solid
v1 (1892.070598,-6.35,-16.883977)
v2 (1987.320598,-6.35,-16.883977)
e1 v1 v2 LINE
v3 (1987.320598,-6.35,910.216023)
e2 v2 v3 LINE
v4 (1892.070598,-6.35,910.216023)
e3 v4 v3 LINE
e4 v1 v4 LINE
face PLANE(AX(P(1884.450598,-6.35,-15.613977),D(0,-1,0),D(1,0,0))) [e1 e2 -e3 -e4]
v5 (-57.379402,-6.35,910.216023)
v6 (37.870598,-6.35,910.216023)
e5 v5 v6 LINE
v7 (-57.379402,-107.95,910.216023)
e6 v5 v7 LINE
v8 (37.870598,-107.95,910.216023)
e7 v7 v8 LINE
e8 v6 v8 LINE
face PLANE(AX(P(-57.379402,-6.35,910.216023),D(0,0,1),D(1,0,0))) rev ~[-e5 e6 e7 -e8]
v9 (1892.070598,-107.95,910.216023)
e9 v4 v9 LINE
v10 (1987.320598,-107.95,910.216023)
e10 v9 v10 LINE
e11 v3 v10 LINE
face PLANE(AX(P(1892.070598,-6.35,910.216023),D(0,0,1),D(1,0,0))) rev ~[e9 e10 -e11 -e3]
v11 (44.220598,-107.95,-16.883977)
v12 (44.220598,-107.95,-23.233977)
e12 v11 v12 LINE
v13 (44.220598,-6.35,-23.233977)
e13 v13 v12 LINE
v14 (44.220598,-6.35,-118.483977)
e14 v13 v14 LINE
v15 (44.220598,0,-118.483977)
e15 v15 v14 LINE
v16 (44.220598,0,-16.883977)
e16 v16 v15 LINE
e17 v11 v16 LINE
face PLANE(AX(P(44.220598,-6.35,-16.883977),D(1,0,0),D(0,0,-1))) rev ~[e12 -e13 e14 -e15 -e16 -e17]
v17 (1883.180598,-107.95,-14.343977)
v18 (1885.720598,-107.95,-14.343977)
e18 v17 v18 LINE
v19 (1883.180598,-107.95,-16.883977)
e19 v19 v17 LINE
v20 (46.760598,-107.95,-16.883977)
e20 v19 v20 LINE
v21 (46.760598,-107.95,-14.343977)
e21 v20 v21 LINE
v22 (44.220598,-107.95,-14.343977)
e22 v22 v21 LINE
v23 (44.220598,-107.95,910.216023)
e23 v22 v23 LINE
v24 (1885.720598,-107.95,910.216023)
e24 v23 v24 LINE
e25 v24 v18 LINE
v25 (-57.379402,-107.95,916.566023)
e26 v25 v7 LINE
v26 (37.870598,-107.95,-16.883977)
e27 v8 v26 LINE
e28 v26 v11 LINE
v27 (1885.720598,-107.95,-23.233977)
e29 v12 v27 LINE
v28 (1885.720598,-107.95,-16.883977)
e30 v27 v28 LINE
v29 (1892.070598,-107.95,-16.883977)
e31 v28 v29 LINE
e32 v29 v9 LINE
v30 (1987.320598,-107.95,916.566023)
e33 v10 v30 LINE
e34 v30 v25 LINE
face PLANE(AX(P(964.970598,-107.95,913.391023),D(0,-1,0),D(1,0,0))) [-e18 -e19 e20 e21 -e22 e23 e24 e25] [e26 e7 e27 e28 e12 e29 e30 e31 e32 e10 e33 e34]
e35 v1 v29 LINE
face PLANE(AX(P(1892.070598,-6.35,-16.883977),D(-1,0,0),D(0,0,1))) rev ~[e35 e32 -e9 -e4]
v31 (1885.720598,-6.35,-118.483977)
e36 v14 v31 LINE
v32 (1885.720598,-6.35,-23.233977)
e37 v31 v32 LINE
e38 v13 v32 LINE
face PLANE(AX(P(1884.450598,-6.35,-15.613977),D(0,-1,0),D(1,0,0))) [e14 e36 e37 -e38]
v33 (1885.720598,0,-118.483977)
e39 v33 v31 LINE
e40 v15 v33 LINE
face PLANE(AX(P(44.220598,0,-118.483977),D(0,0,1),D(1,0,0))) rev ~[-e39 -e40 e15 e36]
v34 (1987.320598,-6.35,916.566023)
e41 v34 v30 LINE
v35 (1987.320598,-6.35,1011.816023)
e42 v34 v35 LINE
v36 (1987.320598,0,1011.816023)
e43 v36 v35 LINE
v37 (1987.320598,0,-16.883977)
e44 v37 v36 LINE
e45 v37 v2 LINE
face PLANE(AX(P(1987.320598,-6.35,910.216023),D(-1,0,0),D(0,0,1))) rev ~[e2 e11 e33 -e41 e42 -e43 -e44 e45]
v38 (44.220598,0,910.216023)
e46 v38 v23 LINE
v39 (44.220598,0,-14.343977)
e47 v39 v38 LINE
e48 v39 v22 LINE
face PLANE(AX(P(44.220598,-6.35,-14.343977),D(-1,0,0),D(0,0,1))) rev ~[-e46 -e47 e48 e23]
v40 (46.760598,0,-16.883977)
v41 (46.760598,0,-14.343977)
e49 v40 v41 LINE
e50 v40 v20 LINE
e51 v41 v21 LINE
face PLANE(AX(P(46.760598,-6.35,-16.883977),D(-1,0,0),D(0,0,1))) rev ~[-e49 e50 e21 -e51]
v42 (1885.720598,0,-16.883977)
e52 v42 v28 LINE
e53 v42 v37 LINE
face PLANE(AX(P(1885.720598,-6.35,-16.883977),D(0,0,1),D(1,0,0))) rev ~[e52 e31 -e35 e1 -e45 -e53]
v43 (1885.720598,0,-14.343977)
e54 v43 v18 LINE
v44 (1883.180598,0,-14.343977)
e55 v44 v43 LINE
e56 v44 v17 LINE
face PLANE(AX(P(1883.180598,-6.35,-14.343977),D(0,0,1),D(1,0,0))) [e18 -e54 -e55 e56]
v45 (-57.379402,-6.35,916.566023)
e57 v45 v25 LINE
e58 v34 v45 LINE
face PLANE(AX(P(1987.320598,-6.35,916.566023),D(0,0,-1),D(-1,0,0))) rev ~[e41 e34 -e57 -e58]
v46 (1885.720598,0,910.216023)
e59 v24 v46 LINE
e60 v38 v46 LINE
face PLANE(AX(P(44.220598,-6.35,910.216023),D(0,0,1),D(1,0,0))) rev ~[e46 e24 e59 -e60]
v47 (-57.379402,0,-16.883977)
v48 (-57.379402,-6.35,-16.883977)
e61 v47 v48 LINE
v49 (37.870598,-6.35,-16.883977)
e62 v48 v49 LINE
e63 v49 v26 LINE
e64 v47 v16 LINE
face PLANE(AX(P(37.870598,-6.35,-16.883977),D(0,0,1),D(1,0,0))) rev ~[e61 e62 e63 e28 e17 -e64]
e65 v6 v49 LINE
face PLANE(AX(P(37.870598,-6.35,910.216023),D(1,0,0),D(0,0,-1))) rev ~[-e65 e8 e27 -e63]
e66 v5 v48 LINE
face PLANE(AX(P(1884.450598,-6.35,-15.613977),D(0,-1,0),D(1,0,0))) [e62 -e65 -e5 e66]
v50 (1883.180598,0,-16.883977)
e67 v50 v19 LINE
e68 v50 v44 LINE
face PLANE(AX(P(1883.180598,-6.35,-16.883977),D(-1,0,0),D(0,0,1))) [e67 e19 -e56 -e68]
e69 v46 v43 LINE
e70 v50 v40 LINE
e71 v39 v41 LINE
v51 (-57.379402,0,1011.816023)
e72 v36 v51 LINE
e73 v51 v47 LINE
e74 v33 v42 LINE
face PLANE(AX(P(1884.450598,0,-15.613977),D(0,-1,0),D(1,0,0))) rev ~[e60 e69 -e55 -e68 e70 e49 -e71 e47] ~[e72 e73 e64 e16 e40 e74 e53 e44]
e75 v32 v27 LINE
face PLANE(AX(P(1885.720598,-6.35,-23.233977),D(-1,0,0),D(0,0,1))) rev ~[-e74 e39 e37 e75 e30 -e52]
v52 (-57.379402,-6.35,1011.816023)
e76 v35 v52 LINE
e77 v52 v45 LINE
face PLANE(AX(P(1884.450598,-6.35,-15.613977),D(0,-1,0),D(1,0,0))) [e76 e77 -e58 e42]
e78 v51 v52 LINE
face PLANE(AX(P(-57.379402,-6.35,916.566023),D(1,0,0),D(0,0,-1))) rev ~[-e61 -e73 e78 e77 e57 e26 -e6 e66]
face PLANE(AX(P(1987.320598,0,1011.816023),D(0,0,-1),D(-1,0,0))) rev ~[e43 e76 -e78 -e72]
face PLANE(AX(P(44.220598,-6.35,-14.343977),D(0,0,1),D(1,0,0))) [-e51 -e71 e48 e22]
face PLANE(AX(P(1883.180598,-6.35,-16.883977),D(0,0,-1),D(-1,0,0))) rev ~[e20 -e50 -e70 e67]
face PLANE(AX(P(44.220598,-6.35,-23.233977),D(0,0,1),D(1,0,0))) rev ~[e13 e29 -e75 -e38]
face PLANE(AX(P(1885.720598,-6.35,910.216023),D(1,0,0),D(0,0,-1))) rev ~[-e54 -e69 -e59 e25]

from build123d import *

# Parameters (mm, degrees)
F0_W     = 2.54
F0_H     = 2.54
F1_DEPTH = 6.35
F2_W     = 2.54
F2_H     = 2.54
F3_DEPTH = 101.6


with BuildPart() as f1:
    # F0 (on Front) → F1 (new body)
    with BuildSketch(Plane.XZ):
        with Locations((1884.450598, -15.613977)):
            Rectangle(F0_W, F0_H)
        Polygon((1987.320598, 910.216023), (1885.720598, 910.216023), (1885.720598, 0), (1885.720598, -2.54), (1885.720598, -14.343977), (1885.720598, -16.883977), (1987.320598, -16.883977), align=None)
        Polygon((46.760598, -16.883977), (44.220598, -16.883977), (44.220598, -118.483977), (1885.720598, -118.483977), (1885.720598, -16.883977), (1883.180598, -16.883977), align=None)
        Polygon((44.220598, 910.216023), (1885.720598, 910.216023), (1987.320598, 910.216023), (1987.320598, 1011.816023), (-57.379402, 1011.816023), (-57.379402, 910.216023), align=None)
        Polygon((44.220598, -14.343977), (44.220598, 910.216023), (-57.379402, 910.216023), (-57.379402, -16.883977), (44.220598, -16.883977), align=None)
        with Locations((45.490598, -15.613977)):
            Rectangle(F0_W, F0_H)
    extrude(amount=F1_DEPTH)

    # F2 (on face) → F3 (join)
    with BuildSketch(Plane.XZ.offset(6.35)):
        Polygon((37.870598, 910.216023), (44.220598, 910.216023), (1885.720598, 910.216023), (1892.070598, 910.216023), (1987.320598, 910.216023), (1987.320598, 916.566023), (-57.379402, 916.566023), (-57.379402, 910.216023), align=None)
        Polygon((1892.070598, 910.216023), (1885.720598, 910.216023), (1885.720598, -14.343977), (1885.720598, -16.883977), (1892.070598, -16.883977), align=None)
        Polygon((44.220598, -14.343977), (44.220598, 910.216023), (37.870598, 910.216023), (37.870598, -16.883977), (44.220598, -16.883977), align=None)
        Polygon((46.760598, -16.883977), (44.220598, -16.883977), (44.220598, -23.233977), (1885.720598, -23.233977), (1885.720598, -16.883977), (1883.180598, -16.883977), align=None)
        with Locations((45.490598, -15.613977)):
            Rectangle(F2_W, F2_H)
        with Locations((1884.450598, -15.613977)):
            Rectangle(F2_W, F2_H)
    extrude(amount=F3_DEPTH)


solid = f1.part
